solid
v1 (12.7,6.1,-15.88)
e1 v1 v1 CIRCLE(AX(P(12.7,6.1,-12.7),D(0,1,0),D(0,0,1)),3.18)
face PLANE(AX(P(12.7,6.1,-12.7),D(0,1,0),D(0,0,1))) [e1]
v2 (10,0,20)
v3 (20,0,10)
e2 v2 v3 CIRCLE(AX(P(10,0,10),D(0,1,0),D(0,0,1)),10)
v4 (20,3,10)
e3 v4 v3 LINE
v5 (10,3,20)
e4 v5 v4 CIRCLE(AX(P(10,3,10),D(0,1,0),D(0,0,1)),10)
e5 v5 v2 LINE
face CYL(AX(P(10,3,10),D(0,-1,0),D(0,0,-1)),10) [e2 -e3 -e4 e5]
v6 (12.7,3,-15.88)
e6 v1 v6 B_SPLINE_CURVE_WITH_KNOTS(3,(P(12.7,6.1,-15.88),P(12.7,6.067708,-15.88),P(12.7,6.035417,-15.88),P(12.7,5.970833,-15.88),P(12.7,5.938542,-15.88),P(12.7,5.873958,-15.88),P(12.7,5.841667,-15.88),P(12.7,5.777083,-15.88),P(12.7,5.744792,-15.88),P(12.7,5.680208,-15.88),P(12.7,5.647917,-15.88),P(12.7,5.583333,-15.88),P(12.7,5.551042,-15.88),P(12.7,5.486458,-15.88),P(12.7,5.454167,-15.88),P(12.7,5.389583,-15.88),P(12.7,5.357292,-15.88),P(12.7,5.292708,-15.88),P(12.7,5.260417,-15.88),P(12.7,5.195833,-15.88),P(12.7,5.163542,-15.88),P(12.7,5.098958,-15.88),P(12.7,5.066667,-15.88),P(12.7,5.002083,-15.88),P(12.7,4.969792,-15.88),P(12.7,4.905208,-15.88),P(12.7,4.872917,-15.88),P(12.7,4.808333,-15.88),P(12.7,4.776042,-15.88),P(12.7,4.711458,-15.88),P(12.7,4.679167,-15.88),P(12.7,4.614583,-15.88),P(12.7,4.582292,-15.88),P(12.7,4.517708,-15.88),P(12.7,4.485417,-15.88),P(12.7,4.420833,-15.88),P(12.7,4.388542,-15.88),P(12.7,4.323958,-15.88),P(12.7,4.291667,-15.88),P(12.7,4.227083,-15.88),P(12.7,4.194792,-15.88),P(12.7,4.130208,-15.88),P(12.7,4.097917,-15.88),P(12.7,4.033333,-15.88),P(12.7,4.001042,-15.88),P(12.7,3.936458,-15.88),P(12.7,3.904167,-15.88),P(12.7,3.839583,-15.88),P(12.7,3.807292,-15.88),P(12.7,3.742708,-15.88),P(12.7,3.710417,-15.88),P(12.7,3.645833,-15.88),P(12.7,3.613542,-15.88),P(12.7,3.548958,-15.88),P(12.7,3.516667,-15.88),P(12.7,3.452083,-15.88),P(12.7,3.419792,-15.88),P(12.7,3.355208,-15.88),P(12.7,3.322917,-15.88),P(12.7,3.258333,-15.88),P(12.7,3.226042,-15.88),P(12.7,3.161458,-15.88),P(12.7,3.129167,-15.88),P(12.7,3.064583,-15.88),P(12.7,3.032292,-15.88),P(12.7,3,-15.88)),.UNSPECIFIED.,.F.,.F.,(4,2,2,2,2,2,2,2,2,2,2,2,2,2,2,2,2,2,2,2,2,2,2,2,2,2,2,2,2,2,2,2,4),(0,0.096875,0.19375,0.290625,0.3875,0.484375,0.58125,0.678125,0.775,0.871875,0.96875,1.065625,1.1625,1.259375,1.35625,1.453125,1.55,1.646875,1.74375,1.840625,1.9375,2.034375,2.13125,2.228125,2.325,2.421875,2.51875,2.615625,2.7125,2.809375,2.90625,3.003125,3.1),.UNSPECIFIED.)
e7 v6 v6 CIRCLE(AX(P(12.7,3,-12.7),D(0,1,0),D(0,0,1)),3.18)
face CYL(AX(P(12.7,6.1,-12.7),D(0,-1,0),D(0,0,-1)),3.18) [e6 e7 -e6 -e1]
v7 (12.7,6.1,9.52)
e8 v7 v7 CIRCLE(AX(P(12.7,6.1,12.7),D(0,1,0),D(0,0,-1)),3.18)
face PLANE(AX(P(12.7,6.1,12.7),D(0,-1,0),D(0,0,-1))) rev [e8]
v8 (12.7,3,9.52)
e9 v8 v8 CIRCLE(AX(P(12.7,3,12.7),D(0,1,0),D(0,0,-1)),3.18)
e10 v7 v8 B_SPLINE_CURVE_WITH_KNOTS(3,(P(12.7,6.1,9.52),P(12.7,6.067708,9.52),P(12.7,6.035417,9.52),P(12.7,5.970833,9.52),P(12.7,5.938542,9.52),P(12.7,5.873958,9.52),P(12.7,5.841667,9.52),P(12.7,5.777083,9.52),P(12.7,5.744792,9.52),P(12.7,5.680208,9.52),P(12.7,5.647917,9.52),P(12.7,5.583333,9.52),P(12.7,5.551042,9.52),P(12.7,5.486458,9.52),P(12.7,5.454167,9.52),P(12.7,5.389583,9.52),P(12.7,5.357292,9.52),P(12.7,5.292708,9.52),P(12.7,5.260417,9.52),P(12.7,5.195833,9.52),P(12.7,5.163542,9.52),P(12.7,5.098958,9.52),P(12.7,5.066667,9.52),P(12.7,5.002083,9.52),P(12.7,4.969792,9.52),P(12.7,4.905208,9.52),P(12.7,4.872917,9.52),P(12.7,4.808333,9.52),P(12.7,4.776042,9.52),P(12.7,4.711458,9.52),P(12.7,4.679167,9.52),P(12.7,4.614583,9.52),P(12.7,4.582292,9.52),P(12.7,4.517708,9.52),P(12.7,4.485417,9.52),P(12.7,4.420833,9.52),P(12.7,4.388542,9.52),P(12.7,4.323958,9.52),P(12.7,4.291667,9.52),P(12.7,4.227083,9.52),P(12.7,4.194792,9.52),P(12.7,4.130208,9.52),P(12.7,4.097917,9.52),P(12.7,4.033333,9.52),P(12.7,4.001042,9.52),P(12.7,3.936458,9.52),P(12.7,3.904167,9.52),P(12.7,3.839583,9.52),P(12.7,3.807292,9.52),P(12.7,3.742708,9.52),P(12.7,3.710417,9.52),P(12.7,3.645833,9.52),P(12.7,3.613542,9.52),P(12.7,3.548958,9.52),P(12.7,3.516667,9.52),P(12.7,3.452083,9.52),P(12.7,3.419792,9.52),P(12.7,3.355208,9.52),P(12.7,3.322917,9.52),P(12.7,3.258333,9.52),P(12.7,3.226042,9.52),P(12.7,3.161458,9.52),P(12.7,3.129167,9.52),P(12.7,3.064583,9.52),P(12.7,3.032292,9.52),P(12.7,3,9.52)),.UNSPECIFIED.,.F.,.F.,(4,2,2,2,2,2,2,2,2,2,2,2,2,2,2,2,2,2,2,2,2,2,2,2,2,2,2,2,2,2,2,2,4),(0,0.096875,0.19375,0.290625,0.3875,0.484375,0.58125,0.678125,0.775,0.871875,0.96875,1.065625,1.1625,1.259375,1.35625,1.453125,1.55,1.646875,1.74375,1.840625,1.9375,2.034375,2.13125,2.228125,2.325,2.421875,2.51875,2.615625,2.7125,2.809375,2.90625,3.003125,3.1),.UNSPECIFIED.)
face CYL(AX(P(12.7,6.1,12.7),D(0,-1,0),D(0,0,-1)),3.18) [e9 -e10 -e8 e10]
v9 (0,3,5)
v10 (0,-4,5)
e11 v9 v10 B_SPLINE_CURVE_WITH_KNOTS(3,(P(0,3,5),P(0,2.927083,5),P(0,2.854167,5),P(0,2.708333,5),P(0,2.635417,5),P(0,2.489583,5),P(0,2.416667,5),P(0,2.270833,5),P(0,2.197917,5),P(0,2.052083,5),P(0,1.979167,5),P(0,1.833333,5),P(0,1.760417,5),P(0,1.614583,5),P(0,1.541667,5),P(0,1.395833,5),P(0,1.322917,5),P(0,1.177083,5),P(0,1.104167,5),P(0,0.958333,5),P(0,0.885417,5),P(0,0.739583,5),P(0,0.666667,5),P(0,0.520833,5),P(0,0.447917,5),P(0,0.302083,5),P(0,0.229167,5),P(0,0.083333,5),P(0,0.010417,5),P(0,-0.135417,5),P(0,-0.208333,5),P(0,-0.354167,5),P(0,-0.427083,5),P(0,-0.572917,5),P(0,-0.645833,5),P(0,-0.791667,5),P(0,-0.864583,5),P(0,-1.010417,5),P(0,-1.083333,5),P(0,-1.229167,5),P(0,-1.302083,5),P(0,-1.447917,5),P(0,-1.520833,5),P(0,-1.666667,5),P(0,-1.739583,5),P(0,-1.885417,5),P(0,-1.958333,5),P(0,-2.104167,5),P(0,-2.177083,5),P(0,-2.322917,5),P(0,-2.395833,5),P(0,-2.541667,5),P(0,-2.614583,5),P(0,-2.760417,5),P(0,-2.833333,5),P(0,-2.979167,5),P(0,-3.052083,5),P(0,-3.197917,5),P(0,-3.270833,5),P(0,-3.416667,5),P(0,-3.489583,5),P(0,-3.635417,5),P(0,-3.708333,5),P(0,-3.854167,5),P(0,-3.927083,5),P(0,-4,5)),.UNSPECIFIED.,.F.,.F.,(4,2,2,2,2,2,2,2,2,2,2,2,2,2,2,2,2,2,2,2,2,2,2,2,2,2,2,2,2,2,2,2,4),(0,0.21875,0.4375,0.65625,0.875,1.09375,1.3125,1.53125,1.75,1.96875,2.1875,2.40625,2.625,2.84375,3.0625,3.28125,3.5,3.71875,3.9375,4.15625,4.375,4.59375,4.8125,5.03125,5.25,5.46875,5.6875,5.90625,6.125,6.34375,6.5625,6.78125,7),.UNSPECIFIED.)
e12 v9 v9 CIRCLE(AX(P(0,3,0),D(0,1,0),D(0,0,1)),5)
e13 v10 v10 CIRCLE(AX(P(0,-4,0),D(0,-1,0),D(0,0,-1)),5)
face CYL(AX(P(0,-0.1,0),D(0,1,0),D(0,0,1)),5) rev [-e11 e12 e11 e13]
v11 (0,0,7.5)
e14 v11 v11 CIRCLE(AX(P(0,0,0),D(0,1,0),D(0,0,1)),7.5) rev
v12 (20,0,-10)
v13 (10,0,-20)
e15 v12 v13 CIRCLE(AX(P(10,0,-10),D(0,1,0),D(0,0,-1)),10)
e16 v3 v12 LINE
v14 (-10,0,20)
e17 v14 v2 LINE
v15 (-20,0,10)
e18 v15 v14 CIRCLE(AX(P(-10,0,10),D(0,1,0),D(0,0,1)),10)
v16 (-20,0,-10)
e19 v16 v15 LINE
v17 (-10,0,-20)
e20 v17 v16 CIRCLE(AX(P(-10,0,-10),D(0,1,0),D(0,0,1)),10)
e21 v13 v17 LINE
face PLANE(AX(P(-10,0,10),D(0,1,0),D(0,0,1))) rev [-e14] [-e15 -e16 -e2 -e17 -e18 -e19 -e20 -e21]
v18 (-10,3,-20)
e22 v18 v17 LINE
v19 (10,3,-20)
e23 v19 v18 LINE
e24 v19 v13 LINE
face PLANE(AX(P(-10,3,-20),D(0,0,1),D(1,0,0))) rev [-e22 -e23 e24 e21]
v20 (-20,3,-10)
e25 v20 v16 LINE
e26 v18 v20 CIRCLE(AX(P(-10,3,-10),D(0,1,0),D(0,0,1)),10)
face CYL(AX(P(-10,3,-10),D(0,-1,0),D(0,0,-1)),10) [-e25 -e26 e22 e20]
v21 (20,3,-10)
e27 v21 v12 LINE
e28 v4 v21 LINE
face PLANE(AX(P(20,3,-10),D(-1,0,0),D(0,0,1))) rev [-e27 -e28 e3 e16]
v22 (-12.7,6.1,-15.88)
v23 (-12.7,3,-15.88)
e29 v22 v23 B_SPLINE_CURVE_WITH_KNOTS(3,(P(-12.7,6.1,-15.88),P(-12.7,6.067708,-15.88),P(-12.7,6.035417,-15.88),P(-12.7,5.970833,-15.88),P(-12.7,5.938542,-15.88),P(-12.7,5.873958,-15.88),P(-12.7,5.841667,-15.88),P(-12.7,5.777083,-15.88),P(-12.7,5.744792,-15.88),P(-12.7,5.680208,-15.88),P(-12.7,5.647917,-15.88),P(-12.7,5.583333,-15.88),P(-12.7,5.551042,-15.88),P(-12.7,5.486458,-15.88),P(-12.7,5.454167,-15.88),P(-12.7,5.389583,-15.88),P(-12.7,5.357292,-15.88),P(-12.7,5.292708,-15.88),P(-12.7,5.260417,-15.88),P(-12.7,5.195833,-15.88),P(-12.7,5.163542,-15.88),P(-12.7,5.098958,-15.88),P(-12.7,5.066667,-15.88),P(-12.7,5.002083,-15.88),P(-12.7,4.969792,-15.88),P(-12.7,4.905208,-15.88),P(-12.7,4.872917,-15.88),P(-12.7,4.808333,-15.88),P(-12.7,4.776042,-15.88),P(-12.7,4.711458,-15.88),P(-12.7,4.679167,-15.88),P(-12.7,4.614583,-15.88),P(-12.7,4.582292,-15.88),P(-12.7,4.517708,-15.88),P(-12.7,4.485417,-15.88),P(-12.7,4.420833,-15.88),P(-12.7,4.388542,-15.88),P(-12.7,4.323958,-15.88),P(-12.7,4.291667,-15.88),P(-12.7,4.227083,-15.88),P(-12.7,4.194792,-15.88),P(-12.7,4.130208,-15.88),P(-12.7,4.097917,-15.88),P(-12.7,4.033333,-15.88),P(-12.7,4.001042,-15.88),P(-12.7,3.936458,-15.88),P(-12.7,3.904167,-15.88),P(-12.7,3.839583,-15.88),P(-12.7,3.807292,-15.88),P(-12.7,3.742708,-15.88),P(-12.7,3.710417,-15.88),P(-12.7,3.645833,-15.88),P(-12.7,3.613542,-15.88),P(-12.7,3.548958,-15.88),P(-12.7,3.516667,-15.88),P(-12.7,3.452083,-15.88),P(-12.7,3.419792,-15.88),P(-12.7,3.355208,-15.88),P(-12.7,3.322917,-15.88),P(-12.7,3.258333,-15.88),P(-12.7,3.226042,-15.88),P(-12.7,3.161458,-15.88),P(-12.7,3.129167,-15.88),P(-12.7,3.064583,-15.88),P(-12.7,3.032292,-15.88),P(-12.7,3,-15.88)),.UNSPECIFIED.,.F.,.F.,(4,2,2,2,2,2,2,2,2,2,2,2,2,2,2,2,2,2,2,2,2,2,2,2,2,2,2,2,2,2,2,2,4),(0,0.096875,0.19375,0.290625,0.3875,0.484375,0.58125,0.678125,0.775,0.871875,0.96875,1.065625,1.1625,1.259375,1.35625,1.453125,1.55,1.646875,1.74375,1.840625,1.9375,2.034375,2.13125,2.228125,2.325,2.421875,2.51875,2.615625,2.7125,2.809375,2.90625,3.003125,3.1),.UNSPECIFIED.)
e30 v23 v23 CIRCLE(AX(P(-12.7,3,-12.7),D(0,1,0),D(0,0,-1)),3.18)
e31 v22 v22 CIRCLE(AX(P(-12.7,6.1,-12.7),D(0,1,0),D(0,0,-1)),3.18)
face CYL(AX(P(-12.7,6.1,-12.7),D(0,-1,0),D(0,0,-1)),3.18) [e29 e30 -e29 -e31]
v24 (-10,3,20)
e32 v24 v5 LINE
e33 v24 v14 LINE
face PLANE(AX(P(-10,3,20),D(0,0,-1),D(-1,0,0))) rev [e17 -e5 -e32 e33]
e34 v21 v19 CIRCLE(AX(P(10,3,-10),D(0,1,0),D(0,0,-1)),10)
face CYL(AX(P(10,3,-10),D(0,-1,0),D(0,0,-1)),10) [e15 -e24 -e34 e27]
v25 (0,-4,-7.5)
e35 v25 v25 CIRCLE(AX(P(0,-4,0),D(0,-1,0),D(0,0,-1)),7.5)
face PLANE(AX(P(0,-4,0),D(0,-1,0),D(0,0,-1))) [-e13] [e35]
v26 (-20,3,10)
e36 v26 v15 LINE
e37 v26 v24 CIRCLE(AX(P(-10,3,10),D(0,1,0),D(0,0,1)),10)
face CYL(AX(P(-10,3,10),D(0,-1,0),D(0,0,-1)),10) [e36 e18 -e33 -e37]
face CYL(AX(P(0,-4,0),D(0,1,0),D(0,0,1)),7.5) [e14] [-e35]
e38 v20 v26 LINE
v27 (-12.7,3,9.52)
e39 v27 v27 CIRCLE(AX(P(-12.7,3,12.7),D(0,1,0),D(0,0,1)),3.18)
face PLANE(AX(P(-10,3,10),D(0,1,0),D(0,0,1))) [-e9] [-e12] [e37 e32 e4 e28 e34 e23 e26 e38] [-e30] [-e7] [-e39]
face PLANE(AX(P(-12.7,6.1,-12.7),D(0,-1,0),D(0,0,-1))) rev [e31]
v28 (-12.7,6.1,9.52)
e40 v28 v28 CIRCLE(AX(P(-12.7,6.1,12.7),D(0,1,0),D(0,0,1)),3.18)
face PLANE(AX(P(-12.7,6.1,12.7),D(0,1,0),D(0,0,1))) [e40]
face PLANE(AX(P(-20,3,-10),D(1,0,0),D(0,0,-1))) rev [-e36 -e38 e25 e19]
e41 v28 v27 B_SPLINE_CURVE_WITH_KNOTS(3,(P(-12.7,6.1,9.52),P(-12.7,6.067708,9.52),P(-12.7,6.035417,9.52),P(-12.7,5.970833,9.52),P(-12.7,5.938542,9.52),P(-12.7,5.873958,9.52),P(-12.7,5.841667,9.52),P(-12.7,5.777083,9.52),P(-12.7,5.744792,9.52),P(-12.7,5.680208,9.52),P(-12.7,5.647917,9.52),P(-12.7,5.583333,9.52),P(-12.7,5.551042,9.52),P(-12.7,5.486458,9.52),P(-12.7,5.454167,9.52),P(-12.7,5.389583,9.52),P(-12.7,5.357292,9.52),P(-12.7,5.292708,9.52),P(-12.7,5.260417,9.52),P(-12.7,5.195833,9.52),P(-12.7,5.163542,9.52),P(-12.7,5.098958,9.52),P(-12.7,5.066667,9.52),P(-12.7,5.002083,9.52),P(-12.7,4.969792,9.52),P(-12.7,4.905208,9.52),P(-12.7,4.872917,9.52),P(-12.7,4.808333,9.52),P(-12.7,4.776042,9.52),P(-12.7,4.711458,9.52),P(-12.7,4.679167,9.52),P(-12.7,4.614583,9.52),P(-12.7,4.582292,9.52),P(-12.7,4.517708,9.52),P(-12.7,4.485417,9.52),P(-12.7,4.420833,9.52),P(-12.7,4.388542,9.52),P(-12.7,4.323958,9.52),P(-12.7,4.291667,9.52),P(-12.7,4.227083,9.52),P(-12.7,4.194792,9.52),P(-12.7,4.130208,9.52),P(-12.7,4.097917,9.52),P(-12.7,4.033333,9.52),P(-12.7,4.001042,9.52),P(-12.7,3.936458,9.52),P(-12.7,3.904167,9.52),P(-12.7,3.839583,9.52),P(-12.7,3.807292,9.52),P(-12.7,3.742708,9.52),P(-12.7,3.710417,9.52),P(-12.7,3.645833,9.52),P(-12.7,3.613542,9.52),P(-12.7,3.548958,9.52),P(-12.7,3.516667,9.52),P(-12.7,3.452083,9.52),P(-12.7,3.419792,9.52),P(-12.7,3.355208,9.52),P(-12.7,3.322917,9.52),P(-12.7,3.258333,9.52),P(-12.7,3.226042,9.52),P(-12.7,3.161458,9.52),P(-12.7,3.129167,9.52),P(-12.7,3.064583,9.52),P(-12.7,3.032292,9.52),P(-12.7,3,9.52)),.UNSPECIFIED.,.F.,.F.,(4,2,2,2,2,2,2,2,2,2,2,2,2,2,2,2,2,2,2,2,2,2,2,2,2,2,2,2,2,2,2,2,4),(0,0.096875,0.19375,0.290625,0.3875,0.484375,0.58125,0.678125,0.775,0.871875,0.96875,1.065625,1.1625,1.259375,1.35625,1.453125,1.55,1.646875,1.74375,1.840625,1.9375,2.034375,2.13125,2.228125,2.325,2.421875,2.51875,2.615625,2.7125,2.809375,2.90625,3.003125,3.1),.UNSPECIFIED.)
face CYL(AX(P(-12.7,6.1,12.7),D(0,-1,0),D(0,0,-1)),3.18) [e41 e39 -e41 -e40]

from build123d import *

# Parameters (mm, degrees)
EXTRUDE_1_DEPTH     = 3
SKETCH_2_R          = 3.18
EXTRUDE_2_DEPTH     = 3.1
SKETCH_3_R          = 5
CUT_EXTRUDE_1_DEPTH = 3.1
SKETCH_4_R          = 7.5
SKETCH_4_R_2        = 5
EXTRUDE_3_DEPTH     = 4


with BuildPart() as part:
    # 草图1 → 凸台-拉伸1 (new body)
    with BuildSketch(Plane(origin=(0, 0, 0), x_dir=(1, 0, 0), z_dir=(0, 1, 0))):
        with BuildLine():
            Line((-10, 20), (10, 20))
            ThreePointArc((10, 20), (17.071067812, 17.071067812), (20, 10))
            Line((20, 10), (20, -10))
            ThreePointArc((20, -10), (17.071067812, -17.071067812), (10, -20))
            Line((10, -20), (-10, -20))
            ThreePointArc((-10, -20), (-17.071067812, -17.071067812), (-20, -10))
            Line((-20, -10), (-20, 10))
            ThreePointArc((-20, 10), (-17.071067812, 17.071067812), (-10, 20))
        make_face()
    extrude(amount=EXTRUDE_1_DEPTH)

    # 草图2 → 凸台-拉伸2 (add)
    with BuildSketch(Plane(origin=(0, 3, 0), x_dir=(1, 0, 0), z_dir=(0, 1, 0))):
        with Locations(Location((12.7, 12.7, 0), (0, 0, 90))):
            Circle(SKETCH_2_R)
        with Locations(Location((12.7, -12.7, 0), (0, 0, 90))):
            Circle(SKETCH_2_R)
        with Locations(Location((-12.7, -12.7, 0), (0, 0, 90))):
            Circle(SKETCH_2_R)
        with Locations(Location((-12.7, 12.7, 0), (0, 0, 90))):
            Circle(SKETCH_2_R)
    extrude(amount=EXTRUDE_2_DEPTH)

    # 草图3 → 切除-拉伸1 (cut)
    with BuildSketch(Plane(origin=(0, 3, 0), x_dir=(1, 0, 0), z_dir=(0, 1, 0))):
        with Locations(Location((0, 0, 0), (0, 0, 270))):
            Circle(SKETCH_3_R)
    extrude(amount=-CUT_EXTRUDE_1_DEPTH, mode=Mode.SUBTRACT)

    # 草图4 → 凸台-拉伸3 (add)
    with BuildSketch(Plane.XZ):
        with Locations(Location((0, 0, 0), (0, 0, 90))):
            Circle(SKETCH_4_R)
        with Locations(Location((0, 0, 0), (0, 0, 90))):
            Circle(SKETCH_4_R_2, mode=Mode.SUBTRACT)
    extrude(amount=EXTRUDE_3_DEPTH)


solid = part.part
